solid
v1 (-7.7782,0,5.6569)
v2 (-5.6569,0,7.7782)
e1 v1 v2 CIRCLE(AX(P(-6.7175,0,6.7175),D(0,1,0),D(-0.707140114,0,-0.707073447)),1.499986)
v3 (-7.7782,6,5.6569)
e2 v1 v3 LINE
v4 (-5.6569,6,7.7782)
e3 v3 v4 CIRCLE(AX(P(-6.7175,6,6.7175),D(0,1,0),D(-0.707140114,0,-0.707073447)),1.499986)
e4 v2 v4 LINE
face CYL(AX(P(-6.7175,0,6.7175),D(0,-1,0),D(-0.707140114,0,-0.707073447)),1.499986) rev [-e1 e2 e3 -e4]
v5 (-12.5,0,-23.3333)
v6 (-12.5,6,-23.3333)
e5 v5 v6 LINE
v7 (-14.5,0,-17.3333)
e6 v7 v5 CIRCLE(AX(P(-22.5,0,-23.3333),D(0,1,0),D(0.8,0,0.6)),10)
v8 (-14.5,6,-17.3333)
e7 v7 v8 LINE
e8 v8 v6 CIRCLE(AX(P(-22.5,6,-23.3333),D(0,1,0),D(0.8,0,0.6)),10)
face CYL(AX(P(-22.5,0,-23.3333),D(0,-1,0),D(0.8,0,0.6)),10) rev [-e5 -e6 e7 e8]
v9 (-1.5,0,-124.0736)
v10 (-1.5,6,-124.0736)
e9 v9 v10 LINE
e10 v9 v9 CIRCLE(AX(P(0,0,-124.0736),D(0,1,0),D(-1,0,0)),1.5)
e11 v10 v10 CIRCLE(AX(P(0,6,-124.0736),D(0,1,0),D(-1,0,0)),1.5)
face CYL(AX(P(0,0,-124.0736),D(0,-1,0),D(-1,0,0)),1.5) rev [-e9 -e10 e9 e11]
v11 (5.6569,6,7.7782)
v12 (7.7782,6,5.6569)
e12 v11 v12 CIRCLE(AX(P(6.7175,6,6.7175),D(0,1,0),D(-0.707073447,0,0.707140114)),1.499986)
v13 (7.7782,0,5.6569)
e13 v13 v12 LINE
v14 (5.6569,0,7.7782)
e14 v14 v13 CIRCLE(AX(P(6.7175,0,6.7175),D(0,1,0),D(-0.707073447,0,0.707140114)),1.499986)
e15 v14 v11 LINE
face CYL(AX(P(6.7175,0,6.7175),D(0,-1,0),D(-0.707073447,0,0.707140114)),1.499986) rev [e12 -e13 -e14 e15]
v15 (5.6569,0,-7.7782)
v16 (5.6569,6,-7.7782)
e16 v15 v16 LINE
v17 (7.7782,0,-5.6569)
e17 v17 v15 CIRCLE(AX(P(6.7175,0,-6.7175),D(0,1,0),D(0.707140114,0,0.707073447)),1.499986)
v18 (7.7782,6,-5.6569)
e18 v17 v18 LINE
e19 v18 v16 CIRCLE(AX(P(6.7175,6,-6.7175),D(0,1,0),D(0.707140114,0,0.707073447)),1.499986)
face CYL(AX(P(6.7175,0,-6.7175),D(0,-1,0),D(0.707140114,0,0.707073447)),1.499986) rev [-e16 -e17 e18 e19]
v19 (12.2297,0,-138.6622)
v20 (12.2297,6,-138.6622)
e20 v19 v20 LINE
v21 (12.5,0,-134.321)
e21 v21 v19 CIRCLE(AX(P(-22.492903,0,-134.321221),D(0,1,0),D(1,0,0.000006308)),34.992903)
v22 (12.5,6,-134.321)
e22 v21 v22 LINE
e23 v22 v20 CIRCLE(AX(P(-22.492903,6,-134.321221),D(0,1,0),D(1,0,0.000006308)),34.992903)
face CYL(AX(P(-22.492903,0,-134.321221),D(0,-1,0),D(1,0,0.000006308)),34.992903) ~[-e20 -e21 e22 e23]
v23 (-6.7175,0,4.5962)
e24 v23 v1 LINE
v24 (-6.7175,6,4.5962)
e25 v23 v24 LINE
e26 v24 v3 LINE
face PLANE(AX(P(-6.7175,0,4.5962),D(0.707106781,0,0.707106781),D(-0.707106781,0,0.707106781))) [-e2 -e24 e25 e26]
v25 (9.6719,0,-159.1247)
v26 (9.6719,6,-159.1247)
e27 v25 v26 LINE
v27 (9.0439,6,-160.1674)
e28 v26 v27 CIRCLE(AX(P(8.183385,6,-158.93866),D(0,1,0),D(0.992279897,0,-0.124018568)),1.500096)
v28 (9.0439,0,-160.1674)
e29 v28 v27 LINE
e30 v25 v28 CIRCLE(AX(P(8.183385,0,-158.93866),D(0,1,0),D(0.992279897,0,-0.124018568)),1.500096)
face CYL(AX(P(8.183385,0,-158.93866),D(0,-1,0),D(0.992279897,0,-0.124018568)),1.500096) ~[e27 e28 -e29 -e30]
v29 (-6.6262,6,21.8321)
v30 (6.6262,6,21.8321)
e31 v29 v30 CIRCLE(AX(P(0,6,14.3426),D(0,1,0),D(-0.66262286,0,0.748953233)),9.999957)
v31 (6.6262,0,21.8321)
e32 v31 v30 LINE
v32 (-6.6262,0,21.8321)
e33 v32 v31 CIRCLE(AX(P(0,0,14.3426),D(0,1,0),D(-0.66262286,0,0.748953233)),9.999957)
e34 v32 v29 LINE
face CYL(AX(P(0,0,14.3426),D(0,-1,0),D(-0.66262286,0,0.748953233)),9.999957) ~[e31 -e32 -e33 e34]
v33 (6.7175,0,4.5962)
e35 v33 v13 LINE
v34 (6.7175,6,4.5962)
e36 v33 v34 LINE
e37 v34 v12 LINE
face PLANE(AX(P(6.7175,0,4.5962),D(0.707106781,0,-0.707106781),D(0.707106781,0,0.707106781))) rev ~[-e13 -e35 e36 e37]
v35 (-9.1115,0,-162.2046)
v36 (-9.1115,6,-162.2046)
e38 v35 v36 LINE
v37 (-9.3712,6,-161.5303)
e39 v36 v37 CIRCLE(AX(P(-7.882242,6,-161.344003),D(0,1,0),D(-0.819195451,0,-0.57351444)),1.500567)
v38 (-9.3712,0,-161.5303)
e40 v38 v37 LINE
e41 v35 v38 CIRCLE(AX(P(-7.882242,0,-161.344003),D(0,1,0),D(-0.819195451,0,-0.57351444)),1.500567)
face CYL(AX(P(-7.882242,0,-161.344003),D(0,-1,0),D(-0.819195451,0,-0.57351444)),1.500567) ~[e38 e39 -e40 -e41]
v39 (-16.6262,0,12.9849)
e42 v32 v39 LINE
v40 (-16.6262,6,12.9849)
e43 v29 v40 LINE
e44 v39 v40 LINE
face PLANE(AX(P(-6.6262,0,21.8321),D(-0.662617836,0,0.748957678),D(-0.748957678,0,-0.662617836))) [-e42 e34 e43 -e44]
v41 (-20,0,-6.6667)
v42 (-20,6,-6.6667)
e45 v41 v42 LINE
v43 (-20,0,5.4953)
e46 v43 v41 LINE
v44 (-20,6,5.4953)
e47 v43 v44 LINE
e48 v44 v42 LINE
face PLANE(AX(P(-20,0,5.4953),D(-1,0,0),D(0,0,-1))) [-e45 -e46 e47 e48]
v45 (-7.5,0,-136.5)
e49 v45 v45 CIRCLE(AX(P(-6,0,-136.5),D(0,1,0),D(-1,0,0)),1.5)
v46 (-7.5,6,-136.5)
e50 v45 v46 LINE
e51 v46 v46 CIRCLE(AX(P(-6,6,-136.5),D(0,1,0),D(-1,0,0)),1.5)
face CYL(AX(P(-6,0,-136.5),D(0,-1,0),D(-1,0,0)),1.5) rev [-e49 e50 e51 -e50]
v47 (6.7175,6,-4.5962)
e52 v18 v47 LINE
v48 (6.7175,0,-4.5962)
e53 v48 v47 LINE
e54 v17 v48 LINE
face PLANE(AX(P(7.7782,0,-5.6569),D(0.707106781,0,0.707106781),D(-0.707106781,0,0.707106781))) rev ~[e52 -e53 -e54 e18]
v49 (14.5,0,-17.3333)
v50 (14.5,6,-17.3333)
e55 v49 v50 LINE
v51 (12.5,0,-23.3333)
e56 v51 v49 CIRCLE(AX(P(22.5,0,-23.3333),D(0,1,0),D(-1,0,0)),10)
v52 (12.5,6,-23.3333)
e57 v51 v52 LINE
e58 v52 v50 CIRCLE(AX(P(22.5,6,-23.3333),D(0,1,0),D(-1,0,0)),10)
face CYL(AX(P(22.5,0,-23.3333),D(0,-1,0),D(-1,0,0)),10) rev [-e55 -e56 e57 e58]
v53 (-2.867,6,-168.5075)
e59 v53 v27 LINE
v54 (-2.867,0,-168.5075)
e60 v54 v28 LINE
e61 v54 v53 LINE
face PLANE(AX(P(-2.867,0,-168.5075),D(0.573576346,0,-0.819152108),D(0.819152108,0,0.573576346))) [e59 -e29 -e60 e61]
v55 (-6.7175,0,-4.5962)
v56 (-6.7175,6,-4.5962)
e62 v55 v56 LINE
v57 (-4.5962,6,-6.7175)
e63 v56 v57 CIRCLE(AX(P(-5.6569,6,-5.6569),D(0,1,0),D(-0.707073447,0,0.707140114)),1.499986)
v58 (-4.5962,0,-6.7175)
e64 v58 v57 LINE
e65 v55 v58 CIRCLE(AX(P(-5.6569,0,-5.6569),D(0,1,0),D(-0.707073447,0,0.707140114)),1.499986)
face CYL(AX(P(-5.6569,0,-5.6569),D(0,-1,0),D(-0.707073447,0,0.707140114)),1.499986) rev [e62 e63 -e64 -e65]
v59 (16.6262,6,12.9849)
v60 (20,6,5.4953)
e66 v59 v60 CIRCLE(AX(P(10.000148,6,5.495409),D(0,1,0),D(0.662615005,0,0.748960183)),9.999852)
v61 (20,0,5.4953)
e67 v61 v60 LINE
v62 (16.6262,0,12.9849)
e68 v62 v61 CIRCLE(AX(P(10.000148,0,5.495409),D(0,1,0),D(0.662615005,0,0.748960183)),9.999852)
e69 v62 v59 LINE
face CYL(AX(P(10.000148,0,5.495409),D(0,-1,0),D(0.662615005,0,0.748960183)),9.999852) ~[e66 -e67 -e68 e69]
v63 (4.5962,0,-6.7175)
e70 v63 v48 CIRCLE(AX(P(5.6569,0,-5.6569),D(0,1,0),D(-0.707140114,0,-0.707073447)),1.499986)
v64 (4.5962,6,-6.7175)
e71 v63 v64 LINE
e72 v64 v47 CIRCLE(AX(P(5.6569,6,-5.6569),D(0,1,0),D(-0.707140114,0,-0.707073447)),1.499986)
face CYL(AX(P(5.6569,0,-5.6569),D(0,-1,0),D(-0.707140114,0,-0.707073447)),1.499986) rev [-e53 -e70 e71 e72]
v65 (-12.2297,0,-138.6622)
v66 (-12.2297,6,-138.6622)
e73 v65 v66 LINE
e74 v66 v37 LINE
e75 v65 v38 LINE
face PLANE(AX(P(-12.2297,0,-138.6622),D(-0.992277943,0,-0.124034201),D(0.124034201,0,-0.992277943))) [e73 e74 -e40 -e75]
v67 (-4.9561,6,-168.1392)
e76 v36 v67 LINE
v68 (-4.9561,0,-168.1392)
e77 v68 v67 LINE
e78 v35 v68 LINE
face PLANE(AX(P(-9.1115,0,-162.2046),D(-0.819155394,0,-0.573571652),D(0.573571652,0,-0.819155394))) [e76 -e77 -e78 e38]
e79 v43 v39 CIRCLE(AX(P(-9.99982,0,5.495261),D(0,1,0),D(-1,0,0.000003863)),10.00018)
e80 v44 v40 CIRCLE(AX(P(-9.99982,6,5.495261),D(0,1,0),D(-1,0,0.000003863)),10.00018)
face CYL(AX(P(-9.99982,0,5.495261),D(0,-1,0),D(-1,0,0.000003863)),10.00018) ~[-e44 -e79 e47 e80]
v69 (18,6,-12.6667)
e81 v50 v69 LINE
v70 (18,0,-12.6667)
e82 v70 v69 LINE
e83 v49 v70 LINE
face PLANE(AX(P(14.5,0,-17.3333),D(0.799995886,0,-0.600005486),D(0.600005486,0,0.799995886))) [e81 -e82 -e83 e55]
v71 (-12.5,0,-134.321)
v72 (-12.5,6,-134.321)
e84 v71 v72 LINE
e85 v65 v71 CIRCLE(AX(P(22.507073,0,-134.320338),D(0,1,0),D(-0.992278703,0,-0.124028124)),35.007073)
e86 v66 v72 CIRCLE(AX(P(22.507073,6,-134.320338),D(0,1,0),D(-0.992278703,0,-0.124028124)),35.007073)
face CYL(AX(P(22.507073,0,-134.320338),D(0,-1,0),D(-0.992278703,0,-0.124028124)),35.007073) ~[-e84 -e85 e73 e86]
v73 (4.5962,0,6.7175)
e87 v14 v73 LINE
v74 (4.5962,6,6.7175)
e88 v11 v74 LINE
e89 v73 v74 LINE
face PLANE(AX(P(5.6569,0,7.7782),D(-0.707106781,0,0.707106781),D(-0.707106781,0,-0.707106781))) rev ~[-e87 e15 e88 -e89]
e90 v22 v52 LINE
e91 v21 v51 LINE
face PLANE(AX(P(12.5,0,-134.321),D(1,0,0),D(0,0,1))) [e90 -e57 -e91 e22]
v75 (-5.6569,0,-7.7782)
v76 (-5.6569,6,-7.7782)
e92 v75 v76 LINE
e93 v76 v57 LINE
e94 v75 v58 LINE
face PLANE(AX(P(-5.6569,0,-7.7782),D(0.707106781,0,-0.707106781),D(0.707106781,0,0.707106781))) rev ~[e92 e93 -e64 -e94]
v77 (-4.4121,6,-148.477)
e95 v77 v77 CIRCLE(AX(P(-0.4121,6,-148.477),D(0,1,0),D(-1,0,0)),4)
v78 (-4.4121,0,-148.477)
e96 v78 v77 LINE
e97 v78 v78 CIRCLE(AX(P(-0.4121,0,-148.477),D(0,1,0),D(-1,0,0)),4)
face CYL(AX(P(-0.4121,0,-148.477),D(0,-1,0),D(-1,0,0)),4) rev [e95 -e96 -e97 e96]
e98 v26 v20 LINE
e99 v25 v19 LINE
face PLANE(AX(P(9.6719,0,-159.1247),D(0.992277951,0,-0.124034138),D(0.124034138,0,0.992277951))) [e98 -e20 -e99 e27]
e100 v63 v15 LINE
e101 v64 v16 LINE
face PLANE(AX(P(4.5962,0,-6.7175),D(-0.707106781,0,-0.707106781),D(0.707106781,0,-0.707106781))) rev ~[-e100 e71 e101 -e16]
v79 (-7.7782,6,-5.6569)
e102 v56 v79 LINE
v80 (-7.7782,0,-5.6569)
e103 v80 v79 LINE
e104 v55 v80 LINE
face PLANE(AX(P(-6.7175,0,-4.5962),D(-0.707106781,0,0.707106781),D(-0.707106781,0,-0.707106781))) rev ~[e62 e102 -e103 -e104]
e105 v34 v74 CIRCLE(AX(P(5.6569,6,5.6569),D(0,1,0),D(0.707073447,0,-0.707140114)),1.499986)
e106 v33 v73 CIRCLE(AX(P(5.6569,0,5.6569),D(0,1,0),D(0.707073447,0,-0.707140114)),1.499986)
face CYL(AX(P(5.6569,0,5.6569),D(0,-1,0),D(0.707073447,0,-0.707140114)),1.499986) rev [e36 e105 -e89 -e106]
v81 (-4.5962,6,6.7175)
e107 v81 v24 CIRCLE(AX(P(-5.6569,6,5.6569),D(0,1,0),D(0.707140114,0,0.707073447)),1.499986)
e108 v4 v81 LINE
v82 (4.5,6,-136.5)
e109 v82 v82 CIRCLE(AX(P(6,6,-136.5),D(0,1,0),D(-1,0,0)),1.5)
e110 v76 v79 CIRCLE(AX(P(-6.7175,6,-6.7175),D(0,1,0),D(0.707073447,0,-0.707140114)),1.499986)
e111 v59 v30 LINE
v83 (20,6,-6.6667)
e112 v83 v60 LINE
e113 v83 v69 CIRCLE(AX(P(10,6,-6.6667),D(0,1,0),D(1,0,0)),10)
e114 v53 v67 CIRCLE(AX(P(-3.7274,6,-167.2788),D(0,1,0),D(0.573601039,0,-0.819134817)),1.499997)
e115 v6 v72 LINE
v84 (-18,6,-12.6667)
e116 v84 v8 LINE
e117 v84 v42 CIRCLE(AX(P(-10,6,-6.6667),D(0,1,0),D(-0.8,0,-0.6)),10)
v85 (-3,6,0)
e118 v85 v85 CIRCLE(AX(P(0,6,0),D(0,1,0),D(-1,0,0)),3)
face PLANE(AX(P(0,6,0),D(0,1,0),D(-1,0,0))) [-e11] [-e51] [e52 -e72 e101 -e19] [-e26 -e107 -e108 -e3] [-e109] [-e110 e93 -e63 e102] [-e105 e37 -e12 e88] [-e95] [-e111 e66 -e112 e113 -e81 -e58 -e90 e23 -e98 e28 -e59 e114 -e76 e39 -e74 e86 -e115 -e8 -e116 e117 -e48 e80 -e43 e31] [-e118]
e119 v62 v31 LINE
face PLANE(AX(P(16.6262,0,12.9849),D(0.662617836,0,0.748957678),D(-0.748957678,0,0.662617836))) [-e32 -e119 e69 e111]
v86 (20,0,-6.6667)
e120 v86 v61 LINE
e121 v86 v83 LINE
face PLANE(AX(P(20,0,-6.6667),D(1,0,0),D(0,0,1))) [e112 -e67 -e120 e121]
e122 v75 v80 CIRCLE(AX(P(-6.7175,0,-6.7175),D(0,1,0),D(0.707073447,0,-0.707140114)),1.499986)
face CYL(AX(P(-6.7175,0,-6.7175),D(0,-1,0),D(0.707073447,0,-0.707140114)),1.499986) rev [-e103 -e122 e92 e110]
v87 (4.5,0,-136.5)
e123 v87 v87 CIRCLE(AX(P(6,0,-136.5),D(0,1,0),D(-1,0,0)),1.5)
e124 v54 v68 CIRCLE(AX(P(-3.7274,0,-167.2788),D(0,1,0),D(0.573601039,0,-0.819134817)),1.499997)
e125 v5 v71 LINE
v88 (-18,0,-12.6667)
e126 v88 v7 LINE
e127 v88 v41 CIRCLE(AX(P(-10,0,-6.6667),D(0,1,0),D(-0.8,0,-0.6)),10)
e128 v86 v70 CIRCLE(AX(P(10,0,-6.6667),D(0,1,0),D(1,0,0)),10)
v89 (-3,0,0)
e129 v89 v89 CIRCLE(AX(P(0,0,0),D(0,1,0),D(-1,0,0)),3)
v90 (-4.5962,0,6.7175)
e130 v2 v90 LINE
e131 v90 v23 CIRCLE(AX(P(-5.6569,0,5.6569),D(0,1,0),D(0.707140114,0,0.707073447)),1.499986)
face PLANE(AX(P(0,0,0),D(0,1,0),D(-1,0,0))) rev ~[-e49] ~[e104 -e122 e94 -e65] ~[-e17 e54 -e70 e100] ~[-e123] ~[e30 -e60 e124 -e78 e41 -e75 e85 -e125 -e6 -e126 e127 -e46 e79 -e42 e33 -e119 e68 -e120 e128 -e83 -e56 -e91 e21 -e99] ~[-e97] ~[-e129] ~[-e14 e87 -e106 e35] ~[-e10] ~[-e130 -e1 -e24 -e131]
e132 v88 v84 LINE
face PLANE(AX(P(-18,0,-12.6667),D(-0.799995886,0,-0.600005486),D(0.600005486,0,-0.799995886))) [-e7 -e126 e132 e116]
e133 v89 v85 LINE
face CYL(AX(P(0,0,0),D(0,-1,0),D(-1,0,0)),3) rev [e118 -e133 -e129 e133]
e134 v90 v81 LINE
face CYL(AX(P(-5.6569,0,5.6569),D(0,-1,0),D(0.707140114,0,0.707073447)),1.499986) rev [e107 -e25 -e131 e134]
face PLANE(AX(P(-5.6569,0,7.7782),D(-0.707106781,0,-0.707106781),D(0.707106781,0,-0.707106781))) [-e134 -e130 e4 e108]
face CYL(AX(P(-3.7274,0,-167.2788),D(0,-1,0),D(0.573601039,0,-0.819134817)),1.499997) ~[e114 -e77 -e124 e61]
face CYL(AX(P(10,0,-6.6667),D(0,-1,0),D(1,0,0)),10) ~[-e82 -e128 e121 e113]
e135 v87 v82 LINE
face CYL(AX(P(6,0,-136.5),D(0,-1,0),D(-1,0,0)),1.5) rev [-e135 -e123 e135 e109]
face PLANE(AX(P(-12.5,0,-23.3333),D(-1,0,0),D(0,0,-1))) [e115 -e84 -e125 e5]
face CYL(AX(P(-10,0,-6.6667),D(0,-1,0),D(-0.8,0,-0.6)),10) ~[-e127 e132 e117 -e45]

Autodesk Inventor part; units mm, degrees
ref_plane "YZ Plane" through (0, 0, 0) normal (1, 0, 0) x (0, 1, 0)
ref_plane "XZ Plane" through (0, 0, 0) normal (0, 1, 0) x (-1, 0, 0)
ref_plane "XY Plane" through (0, 0, 0) normal (0, 0, 1) x (1, 0, 0)
sketch "Sketch1" plane through (0, 0, 0) normal (0, 1, 0) x (-1, 0, 0)
  circle A0 centre (0.4121, -148.477) radius 4
  arc A1 (9.1115, -162.2046) -> (9.3712, -161.5303) centre (7.8828, -161.3443) ccw
  line L0 (9.1115, -162.2046) -> (4.9561, -168.1392)
  arc A2 (2.867, -168.5075) -> (4.9561, -168.1392) centre (3.7274, -167.2788) ccw
  line L1 (2.867, -168.5075) -> (-9.0439, -160.1674)
  arc A3 (-9.6719, -159.1247) -> (-9.0439, -160.1674) centre (-8.1835, -158.9387) ccw
  line L2 (-9.6719, -159.1247) -> (-12.2297, -138.6622)
  arc A4 (-12.5, -134.321) -> (-12.2297, -138.6622) centre (22.5, -134.321) ccw
  line L3 (-12.5, -134.321) -> (-12.5, -23.3333)
  arc A5 (-12.5, -23.3333) -> (-14.5, -17.3333) centre (-22.5, -23.3333) ccw
  line L4 (-14.5, -17.3333) -> (-18, -12.6667)
  arc A6 (-20, -6.6667) -> (-18, -12.6667) centre (-10, -6.6667) ccw
  line L5 (-20, -6.6667) -> (-20, 5.4953)
  arc A7 (-16.6262, 12.9849) -> (-20, 5.4953) centre (-10, 5.4953) ccw
  line L6 (-16.6262, 12.9849) -> (-6.6262, 21.8321)
  arc A8 (6.6262, 21.8321) -> (-6.6262, 21.8321) centre (0, 14.3426) ccw
  line L7 (6.6262, 21.8321) -> (16.6262, 12.9849)
  arc A9 (20, 5.4953) -> (16.6262, 12.9849) centre (10, 5.4953) ccw
  line L8 (20, 5.4953) -> (20, -6.6667)
  arc A10 (18, -12.6667) -> (20, -6.6667) centre (10, -6.6667) ccw
  line L9 (18, -12.6667) -> (14.5, -17.3333)
  arc A11 (14.5, -17.3333) -> (12.5, -23.3333) centre (22.5, -23.3333) ccw
  line L10 (12.5, -23.3333) -> (12.5, -134.321)
  arc A12 (12.2297, -138.6622) -> (12.5, -134.321) centre (-22.5, -134.321) ccw
  line L11 (12.2297, -138.6622) -> (9.3712, -161.5303)
  arc A13 (-7.7782, -5.6569) -> (-5.6569, -7.7782) centre (-6.7175, -6.7175) ccw
  line L12 (-7.7782, -5.6569) -> (-6.7175, -4.5962)
  arc A14 (-4.5962, -6.7175) -> (-6.7175, -4.5962) centre (-5.6569, -5.6569) ccw
  line L13 (-4.5962, -6.7175) -> (-5.6569, -7.7782)
  circle A15 centre (-6, -136.5) radius 1.5
  circle A16 centre (6, -136.5) radius 1.5
  arc A17 (5.6569, -7.7782) -> (7.7782, -5.6569) centre (6.7175, -6.7175) ccw
  line L14 (5.6569, -7.7782) -> (4.5962, -6.7175)
  arc A18 (6.7175, -4.5962) -> (4.5962, -6.7175) centre (5.6569, -5.6569) ccw
  line L15 (6.7175, -4.5962) -> (7.7782, -5.6569)
  circle A19 centre (0, -124.0736) radius 1.5
  line L16 (6.7175, 4.5962) -> (7.7782, 5.6569)
  arc A20 (7.7782, 5.6569) -> (5.6569, 7.7782) centre (6.7175, 6.7175) ccw
  line L17 (5.6569, 7.7782) -> (4.5962, 6.7175)
  arc A21 (4.5962, 6.7175) -> (6.7175, 4.5962) centre (5.6569, 5.6569) ccw
  circle A22 centre (0, 0) radius 3
  arc A23 (-6.7175, 4.5962) -> (-4.5962, 6.7175) centre (-5.6569, 5.6569) ccw
  line L18 (-6.7175, 4.5962) -> (-7.7782, 5.6569)
  arc A24 (-5.6569, 7.7782) -> (-7.7782, 5.6569) centre (-6.7175, 6.7175) ccw
  line L19 (-5.6569, 7.7782) -> (-4.5962, 6.7175)
  point P0 (12.5, -23.3333)
  point P1 (14.5, -17.3333)
  point P2 (16.6262, 12.9849)
  point P3 (6.6262, 21.8321)
  point P4 (-6.6262, 21.8321)
  point P5 (-18, -12.6667)
  point P6 (-12.5, -23.3333)
  point P7 (4.9561, -168.1392)
  point P8 (7.7782, -5.6569)
  point P9 (5.6569, -7.7782)
  point P10 (4.5962, -6.7175)
  point P11 (6.7175, 4.5962)
  point P12 (-7.7782, 5.6569)
  point P13 (-5.6569, 7.7782)
  point P14 (-4.5962, -6.7175)
  point P15 (-5.6569, -7.7782)
extrude "Extrusion1" add sketch "Sketch1" along normal blind 6
sketch "Sketch2" plane through (0, 6, 0) normal (0, 1, 0) x (1, 0, 0)
  circle A0 centre (0, 124.0736) radius 1.5 construction
  circle A1 centre (-0.4121, 148.477) radius 4 construction
  point P0 (0, 0)
properties part number "og kauri arm"
